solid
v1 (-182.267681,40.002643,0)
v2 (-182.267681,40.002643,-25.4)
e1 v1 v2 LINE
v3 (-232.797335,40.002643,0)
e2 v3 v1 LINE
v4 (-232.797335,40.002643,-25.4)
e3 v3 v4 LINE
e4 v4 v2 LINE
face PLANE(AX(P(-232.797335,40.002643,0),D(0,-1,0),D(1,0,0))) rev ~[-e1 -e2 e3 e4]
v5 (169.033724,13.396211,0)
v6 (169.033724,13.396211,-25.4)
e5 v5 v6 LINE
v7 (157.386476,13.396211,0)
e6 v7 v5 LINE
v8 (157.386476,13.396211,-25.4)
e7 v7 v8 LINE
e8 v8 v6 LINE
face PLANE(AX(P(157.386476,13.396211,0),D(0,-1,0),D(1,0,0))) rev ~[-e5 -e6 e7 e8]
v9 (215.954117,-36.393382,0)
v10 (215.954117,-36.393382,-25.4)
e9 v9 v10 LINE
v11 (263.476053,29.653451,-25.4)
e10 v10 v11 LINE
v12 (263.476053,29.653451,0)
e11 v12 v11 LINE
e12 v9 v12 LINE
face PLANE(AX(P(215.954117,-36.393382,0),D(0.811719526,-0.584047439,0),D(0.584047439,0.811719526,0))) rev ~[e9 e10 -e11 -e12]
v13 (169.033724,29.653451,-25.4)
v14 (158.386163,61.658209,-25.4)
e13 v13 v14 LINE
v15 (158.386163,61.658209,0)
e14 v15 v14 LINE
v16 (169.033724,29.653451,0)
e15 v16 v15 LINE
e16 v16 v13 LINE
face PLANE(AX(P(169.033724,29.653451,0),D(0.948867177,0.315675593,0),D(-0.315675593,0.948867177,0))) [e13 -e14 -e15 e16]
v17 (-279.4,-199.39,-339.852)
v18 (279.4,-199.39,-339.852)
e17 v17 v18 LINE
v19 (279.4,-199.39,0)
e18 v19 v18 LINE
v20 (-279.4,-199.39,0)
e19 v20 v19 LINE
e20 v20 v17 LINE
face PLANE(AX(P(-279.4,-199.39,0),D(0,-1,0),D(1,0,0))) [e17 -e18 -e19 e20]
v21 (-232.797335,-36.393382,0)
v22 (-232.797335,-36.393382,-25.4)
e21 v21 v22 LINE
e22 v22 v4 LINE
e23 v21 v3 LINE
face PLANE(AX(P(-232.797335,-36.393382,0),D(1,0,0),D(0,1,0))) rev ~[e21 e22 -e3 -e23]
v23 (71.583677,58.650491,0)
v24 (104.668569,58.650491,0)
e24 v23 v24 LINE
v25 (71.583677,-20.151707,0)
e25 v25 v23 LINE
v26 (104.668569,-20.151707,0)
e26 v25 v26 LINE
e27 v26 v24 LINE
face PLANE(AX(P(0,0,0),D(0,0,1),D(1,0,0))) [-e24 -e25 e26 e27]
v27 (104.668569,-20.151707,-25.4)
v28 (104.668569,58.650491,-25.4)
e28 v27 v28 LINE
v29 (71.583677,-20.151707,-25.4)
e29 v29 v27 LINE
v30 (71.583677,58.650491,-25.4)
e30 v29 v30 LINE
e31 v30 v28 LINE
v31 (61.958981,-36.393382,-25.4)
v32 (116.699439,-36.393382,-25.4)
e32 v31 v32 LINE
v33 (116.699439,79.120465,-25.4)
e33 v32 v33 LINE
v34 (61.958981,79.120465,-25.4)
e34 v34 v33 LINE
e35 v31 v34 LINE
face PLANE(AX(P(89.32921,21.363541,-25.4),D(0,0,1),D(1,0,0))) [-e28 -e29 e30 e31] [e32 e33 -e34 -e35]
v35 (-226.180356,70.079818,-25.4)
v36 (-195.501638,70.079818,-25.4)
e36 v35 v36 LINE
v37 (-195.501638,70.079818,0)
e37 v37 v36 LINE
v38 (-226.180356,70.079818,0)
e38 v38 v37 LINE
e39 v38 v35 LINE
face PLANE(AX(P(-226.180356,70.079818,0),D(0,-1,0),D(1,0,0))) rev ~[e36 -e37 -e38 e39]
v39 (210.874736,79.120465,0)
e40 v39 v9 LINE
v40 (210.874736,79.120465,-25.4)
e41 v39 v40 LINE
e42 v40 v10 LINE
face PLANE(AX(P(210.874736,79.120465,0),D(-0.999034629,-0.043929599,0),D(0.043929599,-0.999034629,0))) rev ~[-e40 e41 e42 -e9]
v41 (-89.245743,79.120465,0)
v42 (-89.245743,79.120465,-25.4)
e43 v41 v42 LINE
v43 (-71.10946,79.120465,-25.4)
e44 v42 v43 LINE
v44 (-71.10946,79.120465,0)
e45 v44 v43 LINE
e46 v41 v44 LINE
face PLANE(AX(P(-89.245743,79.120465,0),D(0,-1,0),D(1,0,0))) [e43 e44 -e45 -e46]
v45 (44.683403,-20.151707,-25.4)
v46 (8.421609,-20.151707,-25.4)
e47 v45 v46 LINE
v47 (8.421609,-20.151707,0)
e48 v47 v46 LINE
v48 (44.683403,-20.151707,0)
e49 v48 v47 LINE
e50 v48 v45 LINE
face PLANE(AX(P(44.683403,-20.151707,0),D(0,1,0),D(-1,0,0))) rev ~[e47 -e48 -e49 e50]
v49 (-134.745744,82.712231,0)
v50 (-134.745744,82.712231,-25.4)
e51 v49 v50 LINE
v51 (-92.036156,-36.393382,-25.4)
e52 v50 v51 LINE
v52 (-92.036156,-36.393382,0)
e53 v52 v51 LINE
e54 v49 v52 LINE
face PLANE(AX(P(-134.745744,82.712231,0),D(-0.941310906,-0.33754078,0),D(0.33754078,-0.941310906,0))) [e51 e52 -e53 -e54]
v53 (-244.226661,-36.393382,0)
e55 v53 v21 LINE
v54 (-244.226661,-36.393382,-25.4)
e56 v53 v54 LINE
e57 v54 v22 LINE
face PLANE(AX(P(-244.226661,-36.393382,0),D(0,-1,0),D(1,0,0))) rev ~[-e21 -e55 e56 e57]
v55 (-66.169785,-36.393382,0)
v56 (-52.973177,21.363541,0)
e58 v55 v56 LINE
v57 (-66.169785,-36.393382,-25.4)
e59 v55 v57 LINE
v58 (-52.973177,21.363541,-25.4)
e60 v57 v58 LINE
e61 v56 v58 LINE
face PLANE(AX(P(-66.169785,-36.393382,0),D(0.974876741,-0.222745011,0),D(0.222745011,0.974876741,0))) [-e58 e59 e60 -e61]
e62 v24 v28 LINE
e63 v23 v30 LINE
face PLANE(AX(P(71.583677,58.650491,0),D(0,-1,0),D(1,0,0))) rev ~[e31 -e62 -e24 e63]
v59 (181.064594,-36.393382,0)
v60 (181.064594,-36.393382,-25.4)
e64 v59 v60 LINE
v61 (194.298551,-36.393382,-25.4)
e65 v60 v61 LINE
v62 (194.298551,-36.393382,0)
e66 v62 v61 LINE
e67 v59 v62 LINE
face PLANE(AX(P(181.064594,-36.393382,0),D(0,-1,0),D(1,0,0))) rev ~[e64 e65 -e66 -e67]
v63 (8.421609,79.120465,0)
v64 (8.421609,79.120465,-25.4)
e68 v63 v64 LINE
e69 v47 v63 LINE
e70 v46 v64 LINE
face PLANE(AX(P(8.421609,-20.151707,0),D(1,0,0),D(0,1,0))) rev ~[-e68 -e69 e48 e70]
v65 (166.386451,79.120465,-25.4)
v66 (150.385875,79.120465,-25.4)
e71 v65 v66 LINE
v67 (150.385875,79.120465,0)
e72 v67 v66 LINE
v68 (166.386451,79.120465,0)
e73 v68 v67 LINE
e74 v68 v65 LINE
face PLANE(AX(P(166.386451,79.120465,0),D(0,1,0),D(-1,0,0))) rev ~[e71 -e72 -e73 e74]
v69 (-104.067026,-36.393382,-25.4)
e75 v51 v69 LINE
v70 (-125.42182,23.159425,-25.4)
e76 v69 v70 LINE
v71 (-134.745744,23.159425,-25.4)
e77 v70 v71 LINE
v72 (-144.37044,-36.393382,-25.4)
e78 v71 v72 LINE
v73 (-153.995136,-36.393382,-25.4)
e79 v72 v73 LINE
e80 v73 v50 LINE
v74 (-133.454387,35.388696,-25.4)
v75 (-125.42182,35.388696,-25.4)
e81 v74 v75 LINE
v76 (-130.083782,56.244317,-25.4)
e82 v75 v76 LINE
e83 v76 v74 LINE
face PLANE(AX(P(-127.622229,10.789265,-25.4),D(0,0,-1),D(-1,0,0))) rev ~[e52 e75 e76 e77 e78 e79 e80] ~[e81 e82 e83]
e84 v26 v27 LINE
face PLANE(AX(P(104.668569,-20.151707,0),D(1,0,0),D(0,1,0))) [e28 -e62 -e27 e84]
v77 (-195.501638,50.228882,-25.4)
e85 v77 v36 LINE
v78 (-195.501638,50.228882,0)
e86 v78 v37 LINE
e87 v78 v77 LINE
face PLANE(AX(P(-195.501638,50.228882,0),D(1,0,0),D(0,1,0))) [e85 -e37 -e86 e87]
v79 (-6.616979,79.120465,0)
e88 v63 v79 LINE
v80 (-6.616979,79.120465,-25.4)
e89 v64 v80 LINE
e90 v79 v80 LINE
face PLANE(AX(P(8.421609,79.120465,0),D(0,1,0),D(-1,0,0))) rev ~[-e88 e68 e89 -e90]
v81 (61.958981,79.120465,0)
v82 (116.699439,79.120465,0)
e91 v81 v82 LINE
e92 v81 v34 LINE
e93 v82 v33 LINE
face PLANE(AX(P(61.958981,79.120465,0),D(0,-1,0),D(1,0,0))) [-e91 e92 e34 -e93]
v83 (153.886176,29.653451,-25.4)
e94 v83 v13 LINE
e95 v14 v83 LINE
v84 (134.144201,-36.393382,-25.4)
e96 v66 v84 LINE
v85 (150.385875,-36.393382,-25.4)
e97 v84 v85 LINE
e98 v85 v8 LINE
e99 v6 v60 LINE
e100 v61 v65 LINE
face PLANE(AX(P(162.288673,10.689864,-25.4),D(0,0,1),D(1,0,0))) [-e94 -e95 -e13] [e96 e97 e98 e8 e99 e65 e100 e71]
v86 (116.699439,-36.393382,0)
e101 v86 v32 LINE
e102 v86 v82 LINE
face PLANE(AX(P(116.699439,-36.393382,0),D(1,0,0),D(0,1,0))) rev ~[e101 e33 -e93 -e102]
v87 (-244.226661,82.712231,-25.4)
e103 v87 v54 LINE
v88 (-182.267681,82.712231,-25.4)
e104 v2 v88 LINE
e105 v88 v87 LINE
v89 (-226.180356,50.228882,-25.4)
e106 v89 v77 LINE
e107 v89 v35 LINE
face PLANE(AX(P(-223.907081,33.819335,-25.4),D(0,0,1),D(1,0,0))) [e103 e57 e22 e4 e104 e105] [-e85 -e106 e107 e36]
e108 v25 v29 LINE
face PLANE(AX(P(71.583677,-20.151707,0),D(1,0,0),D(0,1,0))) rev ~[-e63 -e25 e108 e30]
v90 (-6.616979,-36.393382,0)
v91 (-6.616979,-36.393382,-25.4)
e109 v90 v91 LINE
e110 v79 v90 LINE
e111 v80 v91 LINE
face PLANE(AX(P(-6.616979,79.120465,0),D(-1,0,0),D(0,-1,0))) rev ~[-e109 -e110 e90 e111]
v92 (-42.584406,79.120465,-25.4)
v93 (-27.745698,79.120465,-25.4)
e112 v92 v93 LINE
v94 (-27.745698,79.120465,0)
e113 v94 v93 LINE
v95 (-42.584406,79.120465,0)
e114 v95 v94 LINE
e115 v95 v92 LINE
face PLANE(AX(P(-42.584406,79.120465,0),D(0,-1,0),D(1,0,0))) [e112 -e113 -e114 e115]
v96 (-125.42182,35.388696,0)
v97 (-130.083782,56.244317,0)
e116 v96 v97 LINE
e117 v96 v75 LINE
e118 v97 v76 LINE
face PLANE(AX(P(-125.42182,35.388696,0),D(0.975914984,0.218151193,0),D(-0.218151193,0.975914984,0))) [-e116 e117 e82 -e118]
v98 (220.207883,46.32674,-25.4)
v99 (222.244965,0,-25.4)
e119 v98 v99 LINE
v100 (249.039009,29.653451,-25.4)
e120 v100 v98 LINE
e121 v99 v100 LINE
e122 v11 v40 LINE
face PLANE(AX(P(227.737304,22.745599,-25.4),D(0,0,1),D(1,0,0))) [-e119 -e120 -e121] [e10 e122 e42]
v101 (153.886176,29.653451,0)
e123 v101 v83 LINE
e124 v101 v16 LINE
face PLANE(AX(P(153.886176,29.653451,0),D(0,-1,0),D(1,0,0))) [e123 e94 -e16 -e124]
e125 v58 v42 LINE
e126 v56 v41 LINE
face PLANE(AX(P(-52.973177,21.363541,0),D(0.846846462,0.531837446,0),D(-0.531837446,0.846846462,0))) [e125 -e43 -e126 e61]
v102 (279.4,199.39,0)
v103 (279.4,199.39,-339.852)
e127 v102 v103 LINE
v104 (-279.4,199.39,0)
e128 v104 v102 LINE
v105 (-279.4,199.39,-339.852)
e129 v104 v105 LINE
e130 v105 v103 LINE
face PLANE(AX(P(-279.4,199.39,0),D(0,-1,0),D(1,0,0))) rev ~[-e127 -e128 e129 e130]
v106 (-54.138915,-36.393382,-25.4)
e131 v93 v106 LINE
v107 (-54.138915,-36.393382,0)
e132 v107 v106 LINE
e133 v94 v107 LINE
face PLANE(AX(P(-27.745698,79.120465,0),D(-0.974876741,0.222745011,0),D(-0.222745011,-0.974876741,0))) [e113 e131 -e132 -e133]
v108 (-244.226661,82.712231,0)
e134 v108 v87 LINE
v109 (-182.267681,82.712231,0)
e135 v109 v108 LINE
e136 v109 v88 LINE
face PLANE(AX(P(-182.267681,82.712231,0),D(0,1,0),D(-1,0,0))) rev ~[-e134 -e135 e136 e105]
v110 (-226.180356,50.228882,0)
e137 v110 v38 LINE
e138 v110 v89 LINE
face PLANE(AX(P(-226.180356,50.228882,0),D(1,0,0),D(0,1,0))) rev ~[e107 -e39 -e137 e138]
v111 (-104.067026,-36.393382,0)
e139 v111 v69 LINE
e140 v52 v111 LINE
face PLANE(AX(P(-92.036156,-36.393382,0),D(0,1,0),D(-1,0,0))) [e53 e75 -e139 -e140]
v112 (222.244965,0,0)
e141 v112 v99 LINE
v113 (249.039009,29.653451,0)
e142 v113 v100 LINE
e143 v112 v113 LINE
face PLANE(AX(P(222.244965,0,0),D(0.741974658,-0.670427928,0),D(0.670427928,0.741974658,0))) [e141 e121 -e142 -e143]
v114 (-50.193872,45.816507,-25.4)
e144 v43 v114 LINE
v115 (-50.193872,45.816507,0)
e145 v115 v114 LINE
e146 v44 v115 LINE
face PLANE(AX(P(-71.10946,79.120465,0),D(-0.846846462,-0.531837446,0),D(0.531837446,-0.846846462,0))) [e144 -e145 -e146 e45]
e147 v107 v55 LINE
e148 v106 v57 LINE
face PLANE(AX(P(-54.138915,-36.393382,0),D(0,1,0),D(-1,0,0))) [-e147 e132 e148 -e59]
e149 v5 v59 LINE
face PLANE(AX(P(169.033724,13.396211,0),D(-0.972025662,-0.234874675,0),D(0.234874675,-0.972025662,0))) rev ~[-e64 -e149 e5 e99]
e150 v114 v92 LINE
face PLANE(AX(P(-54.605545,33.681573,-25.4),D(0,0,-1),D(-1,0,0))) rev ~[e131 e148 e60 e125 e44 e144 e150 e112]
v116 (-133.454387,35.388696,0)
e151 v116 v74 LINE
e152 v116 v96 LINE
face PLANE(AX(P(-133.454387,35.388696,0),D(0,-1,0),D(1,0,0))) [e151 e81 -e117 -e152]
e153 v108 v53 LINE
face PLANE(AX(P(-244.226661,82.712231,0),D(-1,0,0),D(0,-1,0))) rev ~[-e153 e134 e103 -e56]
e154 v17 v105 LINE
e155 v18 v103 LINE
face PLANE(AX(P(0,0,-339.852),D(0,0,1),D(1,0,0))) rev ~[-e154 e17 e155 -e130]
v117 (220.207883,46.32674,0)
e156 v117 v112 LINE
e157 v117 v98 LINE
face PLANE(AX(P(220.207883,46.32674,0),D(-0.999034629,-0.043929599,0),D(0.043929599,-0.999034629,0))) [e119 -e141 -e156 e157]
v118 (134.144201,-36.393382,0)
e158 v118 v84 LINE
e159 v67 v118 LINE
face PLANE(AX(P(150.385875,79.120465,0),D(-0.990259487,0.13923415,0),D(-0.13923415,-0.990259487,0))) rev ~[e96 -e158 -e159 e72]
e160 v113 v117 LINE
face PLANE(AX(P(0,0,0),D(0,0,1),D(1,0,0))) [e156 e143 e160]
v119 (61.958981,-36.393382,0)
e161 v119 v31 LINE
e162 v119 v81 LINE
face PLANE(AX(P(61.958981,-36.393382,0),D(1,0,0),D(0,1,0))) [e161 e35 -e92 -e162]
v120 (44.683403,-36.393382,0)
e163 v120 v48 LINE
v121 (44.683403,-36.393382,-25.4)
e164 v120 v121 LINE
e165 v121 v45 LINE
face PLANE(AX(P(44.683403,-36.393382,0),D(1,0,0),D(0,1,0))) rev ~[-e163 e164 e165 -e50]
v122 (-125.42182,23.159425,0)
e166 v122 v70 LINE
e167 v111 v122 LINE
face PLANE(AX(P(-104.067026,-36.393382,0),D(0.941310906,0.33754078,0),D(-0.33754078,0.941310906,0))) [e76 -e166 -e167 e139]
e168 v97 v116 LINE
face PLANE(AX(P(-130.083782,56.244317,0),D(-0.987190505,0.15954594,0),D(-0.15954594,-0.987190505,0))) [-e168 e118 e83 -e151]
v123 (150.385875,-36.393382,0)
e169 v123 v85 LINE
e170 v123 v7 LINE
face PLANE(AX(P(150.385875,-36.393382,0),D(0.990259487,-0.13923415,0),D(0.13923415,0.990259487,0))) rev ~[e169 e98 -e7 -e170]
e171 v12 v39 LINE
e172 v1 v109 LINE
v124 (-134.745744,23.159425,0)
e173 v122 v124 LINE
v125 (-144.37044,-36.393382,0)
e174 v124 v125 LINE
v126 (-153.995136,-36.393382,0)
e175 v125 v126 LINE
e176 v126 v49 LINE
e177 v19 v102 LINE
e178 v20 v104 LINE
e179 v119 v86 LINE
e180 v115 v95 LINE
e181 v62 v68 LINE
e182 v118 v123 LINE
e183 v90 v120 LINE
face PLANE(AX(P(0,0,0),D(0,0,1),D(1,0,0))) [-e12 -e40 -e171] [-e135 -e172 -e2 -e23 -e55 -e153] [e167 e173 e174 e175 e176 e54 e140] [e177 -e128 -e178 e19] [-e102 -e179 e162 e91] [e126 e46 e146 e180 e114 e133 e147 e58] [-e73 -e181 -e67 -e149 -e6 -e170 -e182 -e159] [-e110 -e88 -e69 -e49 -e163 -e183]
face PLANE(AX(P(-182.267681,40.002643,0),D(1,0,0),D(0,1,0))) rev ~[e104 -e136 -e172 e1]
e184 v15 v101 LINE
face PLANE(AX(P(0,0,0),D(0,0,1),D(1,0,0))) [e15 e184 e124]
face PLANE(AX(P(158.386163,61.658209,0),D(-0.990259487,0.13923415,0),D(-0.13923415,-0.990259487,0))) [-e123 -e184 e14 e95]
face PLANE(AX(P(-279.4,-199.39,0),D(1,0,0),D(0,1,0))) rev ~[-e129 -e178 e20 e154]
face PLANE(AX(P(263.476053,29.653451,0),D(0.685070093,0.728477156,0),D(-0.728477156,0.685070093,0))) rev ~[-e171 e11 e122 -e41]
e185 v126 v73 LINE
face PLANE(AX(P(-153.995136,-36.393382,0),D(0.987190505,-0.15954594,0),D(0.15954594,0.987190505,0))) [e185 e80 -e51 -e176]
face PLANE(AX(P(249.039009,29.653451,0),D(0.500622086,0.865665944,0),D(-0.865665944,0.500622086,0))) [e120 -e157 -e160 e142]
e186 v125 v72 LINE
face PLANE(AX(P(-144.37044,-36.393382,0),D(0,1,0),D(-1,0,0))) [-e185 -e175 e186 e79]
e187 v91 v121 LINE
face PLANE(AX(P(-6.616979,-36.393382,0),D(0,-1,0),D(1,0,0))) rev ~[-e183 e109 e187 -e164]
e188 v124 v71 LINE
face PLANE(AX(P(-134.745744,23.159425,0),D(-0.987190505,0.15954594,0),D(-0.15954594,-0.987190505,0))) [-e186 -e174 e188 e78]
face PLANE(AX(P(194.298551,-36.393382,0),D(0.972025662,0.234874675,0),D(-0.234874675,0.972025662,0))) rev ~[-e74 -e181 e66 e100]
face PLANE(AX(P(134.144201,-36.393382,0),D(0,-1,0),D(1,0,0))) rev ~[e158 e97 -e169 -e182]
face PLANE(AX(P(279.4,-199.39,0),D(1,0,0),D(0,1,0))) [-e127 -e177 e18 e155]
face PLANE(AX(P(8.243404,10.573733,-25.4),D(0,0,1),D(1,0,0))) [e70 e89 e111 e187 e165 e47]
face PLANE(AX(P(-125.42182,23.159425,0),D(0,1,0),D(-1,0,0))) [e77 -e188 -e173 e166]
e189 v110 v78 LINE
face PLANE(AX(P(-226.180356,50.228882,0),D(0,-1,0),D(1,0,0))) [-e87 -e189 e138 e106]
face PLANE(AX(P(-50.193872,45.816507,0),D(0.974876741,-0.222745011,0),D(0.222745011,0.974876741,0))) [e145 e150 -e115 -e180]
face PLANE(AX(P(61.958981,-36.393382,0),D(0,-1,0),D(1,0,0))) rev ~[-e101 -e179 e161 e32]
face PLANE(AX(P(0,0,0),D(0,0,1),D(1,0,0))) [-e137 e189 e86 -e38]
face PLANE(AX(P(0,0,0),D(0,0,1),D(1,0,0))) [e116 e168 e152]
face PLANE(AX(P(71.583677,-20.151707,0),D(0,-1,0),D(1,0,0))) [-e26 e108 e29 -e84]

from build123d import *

# Parameters (mm, degrees)
SKETCH1_W           = 558.8
SKETCH1_H           = 398.78
BOSS_EXTRUDE1_DEPTH = 339.852
SKETCH2_W           = 30.678718516
SKETCH2_H           = 19.85093551
SKETCH2_W_2         = 54.740458529
SKETCH2_H_2         = 115.513846454
SKETCH2_W_3         = 33.084892517
SKETCH2_H_3         = 78.80219854
CUT_EXTRUDE1_DEPTH  = 25.4


with BuildPart() as part:
    # Sketch1 → Boss-Extrude1 (new body)
    with BuildSketch(Plane.XY):
        Rectangle(SKETCH1_W, SKETCH1_H)
    extrude(amount=-BOSS_EXTRUDE1_DEPTH)

    # Sketch2 → Cut-Extrude1 (cut)
    # profile 1 of 7: a face of its own
    with BuildSketch(Plane.XY):
        Polygon((-244.226661127, 82.712231293), (-244.226661127, -36.393381769), (-232.797334621, -36.393381769), (-232.797334621, 40.002642771), (-182.267680595, 40.002642771), (-182.267680595, 82.712231293), align=None)
        with Locations((-210.840996859, 60.154350031)):
            Rectangle(SKETCH2_W, SKETCH2_H, mode=Mode.SUBTRACT)
    # profile 2 of 7: a face of its own
    with BuildSketch(Plane.XY):
        Polygon((-153.99513608, -36.393381769), (-134.74574407, 82.712231293), (-92.036155548, -36.393381769), (-104.067025554, -36.393381769), (-125.421819815, 23.159424762), (-134.74574407, 23.159424762), (-144.370440075, -36.393381769), align=None)
        Polygon((-130.083781942, 56.244317279), (-133.454387424, 35.388695861), (-125.421819815, 35.388695861), align=None, mode=Mode.SUBTRACT)
    # profile 3 of 7: a face of its own
    with BuildSketch(Plane.XY):
        Polygon((-27.74569837, 79.120464685), (-54.138915028, -36.393381769), (-66.169785034, -36.393381769), (-52.973176705, 21.363541458), (-89.245743132, 79.120464685), (-71.109459919, 79.120464685), (-50.193871527, 45.81650657), (-42.584406436, 79.120464685), align=None)
    # profile 4 of 7: a face of its own
    with BuildSketch(Plane.XY):
        Polygon((-6.616978503, 79.120464685), (-6.616978503, -36.393381769), (44.683403133, -36.393381769), (44.683403133, -20.15170726), (8.421609004, -20.15170726), (8.421609004, 79.120464685), align=None)
    # profile 5 of 7: a face of its own
    with BuildSketch(Plane.XY):
        with Locations((89.329209797, 21.363541458)):
            Rectangle(SKETCH2_W_2, SKETCH2_H_2)
        with Locations((88.126122796, 19.24939201)):
            Rectangle(SKETCH2_W_3, SKETCH2_H_3, mode=Mode.SUBTRACT)
    # profile 6 of 7: a face of its own
    with BuildSketch(Plane.XY):
        Polygon((150.385875078, 79.120464685), (134.14420057, -36.393381769), (150.385875078, -36.393381769), (157.386476137, 13.396210762), (169.033723588, 13.396210762), (181.064593594, -36.393381769), (194.298550601, -36.393381769), (166.386450903, 79.120464685), align=None)
        Polygon((158.386162991, 61.658208782), (153.886175607, 29.653451429), (169.033723588, 29.653451429), align=None, mode=Mode.SUBTRACT)
    # profile 7 of 7: a face of its own
    with BuildSketch(Plane.XY):
        Polygon((210.874736117, 79.120464685), (215.954116612, -36.393381769), (263.476053137, 29.653451429), align=None)
        Polygon((220.207882974, 46.326740486), (222.244964668, 0), (249.039009129, 29.653451429), align=None, mode=Mode.SUBTRACT)
    extrude(amount=-CUT_EXTRUDE1_DEPTH, mode=Mode.SUBTRACT)


solid = part.part
